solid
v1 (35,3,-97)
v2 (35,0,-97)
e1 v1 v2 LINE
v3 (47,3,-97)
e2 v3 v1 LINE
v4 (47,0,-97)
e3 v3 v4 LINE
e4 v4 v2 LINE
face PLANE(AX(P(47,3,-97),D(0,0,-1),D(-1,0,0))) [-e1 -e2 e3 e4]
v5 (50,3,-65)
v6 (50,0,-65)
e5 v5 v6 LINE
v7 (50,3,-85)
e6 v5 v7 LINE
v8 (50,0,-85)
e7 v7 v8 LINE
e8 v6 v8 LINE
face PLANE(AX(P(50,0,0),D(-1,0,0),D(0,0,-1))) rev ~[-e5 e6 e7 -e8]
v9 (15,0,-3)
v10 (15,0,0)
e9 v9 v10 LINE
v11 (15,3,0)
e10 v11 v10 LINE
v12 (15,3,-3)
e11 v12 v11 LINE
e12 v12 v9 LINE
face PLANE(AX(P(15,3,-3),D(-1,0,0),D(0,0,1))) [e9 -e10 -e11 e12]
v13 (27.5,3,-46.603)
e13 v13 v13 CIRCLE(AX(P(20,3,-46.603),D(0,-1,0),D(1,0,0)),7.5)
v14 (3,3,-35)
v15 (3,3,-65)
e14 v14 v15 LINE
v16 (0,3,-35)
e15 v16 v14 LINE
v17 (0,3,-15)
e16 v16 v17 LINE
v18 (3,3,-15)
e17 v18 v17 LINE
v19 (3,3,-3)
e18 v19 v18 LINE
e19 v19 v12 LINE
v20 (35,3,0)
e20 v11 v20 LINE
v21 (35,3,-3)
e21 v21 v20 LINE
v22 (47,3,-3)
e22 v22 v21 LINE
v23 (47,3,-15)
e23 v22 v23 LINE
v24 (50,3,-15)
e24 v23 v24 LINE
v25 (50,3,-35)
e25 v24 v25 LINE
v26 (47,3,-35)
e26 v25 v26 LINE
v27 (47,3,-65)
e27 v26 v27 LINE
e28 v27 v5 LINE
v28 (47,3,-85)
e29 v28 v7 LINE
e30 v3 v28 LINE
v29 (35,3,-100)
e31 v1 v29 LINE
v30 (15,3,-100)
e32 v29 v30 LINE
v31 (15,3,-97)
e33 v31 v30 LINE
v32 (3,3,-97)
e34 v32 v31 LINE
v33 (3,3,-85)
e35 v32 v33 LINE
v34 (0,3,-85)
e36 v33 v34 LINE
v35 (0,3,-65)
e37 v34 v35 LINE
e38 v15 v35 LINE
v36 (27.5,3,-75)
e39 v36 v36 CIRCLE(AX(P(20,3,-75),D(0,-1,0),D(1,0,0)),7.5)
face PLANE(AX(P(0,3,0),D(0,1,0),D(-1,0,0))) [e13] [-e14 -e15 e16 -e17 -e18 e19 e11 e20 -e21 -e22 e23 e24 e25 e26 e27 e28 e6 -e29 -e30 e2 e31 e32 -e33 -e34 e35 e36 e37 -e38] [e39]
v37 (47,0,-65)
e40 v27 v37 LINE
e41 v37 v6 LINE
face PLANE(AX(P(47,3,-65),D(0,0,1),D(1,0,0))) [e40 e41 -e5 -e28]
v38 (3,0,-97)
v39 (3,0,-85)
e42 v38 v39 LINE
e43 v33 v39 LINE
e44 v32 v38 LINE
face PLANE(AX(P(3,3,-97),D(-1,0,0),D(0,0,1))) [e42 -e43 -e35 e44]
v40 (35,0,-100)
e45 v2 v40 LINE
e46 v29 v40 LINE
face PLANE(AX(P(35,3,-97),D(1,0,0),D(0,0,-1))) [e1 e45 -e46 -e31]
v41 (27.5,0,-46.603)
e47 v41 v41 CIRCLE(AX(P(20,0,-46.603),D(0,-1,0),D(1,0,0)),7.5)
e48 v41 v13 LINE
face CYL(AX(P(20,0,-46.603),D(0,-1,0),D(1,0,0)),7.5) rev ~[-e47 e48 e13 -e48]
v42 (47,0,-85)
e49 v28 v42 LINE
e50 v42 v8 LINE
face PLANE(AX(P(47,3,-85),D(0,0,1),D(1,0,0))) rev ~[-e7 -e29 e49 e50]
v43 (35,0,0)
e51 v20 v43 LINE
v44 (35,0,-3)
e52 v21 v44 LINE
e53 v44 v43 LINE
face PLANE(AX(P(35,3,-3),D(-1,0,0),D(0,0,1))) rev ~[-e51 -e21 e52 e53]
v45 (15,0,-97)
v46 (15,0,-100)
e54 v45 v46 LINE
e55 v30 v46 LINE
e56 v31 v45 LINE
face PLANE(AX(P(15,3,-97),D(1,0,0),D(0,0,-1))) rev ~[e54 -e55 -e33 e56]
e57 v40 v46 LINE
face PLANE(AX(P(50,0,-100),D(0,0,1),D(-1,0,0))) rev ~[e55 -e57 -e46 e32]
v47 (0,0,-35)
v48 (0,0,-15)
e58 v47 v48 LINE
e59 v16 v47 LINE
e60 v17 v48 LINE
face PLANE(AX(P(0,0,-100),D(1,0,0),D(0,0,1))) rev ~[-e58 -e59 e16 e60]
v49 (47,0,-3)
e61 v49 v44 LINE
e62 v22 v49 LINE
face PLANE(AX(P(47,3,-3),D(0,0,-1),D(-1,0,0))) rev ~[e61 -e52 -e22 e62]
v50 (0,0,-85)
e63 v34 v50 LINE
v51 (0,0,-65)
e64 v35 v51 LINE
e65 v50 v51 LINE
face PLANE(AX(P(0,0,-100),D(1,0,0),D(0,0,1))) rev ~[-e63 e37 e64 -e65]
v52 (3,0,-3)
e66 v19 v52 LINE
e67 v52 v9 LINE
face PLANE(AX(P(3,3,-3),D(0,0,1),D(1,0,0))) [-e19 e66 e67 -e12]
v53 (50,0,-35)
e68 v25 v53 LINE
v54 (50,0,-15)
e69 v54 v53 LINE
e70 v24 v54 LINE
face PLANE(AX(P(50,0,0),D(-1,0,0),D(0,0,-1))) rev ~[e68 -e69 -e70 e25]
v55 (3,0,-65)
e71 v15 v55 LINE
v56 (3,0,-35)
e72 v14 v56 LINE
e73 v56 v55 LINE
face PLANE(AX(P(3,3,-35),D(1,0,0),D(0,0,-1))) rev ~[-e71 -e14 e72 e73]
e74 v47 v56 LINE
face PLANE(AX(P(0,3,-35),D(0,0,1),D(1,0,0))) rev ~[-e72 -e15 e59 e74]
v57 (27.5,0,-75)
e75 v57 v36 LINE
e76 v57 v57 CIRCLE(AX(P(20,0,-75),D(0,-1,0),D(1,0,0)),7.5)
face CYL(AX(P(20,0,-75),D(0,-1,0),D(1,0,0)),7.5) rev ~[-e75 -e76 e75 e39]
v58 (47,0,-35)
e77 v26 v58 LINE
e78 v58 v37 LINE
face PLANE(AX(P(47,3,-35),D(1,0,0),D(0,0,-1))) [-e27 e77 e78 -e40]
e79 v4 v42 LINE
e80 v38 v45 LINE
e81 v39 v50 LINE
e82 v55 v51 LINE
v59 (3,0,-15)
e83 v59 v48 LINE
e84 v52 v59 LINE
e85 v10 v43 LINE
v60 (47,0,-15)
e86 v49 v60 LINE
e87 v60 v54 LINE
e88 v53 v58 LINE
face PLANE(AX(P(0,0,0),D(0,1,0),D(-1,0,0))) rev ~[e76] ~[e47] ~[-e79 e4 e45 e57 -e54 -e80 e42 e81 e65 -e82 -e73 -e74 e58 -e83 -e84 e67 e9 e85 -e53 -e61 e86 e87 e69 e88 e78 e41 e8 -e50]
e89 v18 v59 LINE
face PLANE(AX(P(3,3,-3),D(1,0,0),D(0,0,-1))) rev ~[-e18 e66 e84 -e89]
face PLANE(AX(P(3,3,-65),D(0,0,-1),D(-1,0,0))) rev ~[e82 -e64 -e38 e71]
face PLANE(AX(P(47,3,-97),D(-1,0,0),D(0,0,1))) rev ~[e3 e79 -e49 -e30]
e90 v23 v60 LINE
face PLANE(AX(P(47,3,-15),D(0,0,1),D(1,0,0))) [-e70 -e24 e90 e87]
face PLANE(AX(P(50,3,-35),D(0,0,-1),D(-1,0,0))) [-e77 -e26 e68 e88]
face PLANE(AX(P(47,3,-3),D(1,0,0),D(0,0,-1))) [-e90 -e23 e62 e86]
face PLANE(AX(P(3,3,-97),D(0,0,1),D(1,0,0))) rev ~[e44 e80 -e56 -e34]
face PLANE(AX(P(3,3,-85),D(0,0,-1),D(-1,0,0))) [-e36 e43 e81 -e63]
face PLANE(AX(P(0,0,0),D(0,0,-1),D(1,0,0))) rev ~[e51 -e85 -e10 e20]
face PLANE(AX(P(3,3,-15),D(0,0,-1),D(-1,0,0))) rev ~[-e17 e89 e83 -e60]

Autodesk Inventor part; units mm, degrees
ref_plane "YZ Plane" through (0, 0, 0) normal (1, 0, 0) x (0, 1, 0)
ref_plane "XZ Plane" through (0, 0, 0) normal (0, 1, 0) x (-1, 0, 0)
ref_plane "XY Plane" through (0, 0, 0) normal (0, 0, 1) x (1, 0, 0)
sketch "Sketch1" plane through (0, 0, 0) normal (0, 1, 0) x (-1, 0, 0)
  line L0 (0, 0) -> (-50, 0)
  line L1 (-50, 0) -> (-50, -100)
  line L2 (-50, -100) -> (0, -100)
  line L3 (0, -100) -> (0, 0)
  dimension "d0" = 100
  dimension "d1" = 50
extrude "Base" add sketch "Sketch1" along normal blind 3
sketch "Sketch2" plane through (0, 3, 0) normal (0, 1, 0) x (1, 0, 0)
  line L0 (0, 0) -> (50, 0) projected
  line L1 (50, 100) -> (0, 100) projected
  line L2 (0, 0) -> (3, 0)
  line L3 (3, 100) -> (0, 100)
  line L4 (0, 100) -> (0, 0)
  line L5 (0, 100) -> (0, 0) projected
  line L6 (0, 0) -> (3, 0)
  line L7 (3, 0) -> (3, 15)
  line L8 (3, 15) -> (0, 15)
  line L9 (0, 15) -> (0, 0)
  line L10 (0, 100) -> (3, 100)
  line L11 (3, 100) -> (3, 85)
  line L12 (3, 85) -> (0, 85)
  line L13 (0, 85) -> (0, 100)
  line L14 (0, 35) -> (3, 35)
  line L15 (3, 35) -> (3, 65)
  line L16 (3, 65) -> (0, 65)
  line L17 (0, 65) -> (0, 35)
  line L18 (25, 0) -> (25, 100) construction
  line L19 (50, 0) -> (47, 0)
  line L20 (47, 100) -> (50, 100)
  line L21 (50, 100) -> (50, 0)
  line L22 (50, 100) -> (50, 0)
  line L23 (50, 0) -> (47, 0)
  line L24 (47, 0) -> (47, 15)
  line L25 (47, 15) -> (50, 15)
  line L26 (50, 15) -> (50, 0)
  line L27 (50, 100) -> (47, 100)
  line L28 (47, 100) -> (47, 85)
  line L29 (47, 85) -> (50, 85)
  line L30 (50, 85) -> (50, 100)
  line L31 (50, 35) -> (47, 35)
  line L32 (47, 35) -> (47, 65)
  line L33 (47, 65) -> (50, 65)
  line L34 (50, 65) -> (50, 35)
  line L35 (0, 50) -> (50, 50) construction
  line L36 (50, 0) -> (50, 100) projected
  line L37 (15, 0) -> (3, 0)
  line L38 (3, 0) -> (3, 3)
  line L39 (3, 3) -> (15, 3)
  line L40 (15, 3) -> (15, 0)
  line L41 (50, 0) -> (0, 0)
  line L42 (35, 0) -> (47, 0)
  line L43 (47, 3) -> (35, 3)
  line L44 (35, 3) -> (35, 0)
  line L45 (0, 100) -> (50, 100)
  line L46 (25, 100) -> (25, 0) construction
  line L47 (15, 100) -> (3, 100)
  line L48 (3, 97) -> (15, 97)
  line L49 (15, 97) -> (15, 100)
  line L50 (50, 100) -> (0, 100)
  line L51 (47, 97) -> (35, 97)
  line L52 (35, 100) -> (47, 100)
  line L53 (35, 97) -> (35, 100)
  point P0 (0, 15)
  point P1 (0, 85)
  point P2 (0, 65)
  point P3 (0, 35)
  point P4 (50, 100)
  point P5 (47, 97)
  point P6 (15, 100)
  point P7 (3, 97)
  dimension "d10" = 15
  dimension "d11" = 15
  dimension "d12" = 20
  dimension "d13" = 20
  dimension "d14" = 30
  dimension "d15" = 3
  dimension "d21" = 3
  dimension "d22" = 10
  dimension "d39" = 20
extrude "Tabs" cut sketch "Sketch2" against normal through all contours L4 L8 L7 L0 | L7 L39 L40 L0 | L4 L16 L15 L14 | L44 L43 L24 L0 | L24 L25 L21 L0 | L4 L1 L11 L12 | L1 L49 L48 L11 | L31 L32 L33 L21 | L1 L28 L51 L53 | L29 L28 L1 L21
sketch "Sketch4" plane through (0, 0, 0) normal (0, -1, 0) x (1, 0, 0)
  circle A0 centre (20, -46.603) radius 7.5
  circle A1 centre (20, -75) radius 7.5
  line L0 (50, -100) -> (0, -100) projected
  line L1 (3, -85) -> (3, -97) projected
  line L2 (3, -35) -> (3, -65) projected
  point P0 (0, 0)
  point P1 (35, -100)
  point P2 (15, -100)
  dimension "d31" = 25
  dimension "d32" = 28.397
  dimension "d33" = 17
  dimension "d34" = 17
  dimension "d35" = 15
  dimension "d36" = 15
extrude "BNC" cut sketch "Sketch4" against normal through all
equation "\"d0\" = Width"
equation "\"d2\" = Thickness"
equation "\"d10\" = WidthTabOffset"
equation "\"d11\" = d10"
equation "\"d12\" = BaseTabWidth"
equation "\"d13\" = d12"
equation "\"d15\" = Thickness"
equation "\"d21\" = d15"
equation "\"d22\" = 0.5 * VerticalTab"
equation "\"d34\" = d33"
equation "\"d36\" = d35"
equation "\"Width\" = 100"
equation "\"Thickness\" = 3"
equation "\"WidthTabOffset\" = 15"
equation "\"BaseTabWidth\" = 20"
equation "\"VerticalTab\" = 20"
properties part number "ShortSideFront"
